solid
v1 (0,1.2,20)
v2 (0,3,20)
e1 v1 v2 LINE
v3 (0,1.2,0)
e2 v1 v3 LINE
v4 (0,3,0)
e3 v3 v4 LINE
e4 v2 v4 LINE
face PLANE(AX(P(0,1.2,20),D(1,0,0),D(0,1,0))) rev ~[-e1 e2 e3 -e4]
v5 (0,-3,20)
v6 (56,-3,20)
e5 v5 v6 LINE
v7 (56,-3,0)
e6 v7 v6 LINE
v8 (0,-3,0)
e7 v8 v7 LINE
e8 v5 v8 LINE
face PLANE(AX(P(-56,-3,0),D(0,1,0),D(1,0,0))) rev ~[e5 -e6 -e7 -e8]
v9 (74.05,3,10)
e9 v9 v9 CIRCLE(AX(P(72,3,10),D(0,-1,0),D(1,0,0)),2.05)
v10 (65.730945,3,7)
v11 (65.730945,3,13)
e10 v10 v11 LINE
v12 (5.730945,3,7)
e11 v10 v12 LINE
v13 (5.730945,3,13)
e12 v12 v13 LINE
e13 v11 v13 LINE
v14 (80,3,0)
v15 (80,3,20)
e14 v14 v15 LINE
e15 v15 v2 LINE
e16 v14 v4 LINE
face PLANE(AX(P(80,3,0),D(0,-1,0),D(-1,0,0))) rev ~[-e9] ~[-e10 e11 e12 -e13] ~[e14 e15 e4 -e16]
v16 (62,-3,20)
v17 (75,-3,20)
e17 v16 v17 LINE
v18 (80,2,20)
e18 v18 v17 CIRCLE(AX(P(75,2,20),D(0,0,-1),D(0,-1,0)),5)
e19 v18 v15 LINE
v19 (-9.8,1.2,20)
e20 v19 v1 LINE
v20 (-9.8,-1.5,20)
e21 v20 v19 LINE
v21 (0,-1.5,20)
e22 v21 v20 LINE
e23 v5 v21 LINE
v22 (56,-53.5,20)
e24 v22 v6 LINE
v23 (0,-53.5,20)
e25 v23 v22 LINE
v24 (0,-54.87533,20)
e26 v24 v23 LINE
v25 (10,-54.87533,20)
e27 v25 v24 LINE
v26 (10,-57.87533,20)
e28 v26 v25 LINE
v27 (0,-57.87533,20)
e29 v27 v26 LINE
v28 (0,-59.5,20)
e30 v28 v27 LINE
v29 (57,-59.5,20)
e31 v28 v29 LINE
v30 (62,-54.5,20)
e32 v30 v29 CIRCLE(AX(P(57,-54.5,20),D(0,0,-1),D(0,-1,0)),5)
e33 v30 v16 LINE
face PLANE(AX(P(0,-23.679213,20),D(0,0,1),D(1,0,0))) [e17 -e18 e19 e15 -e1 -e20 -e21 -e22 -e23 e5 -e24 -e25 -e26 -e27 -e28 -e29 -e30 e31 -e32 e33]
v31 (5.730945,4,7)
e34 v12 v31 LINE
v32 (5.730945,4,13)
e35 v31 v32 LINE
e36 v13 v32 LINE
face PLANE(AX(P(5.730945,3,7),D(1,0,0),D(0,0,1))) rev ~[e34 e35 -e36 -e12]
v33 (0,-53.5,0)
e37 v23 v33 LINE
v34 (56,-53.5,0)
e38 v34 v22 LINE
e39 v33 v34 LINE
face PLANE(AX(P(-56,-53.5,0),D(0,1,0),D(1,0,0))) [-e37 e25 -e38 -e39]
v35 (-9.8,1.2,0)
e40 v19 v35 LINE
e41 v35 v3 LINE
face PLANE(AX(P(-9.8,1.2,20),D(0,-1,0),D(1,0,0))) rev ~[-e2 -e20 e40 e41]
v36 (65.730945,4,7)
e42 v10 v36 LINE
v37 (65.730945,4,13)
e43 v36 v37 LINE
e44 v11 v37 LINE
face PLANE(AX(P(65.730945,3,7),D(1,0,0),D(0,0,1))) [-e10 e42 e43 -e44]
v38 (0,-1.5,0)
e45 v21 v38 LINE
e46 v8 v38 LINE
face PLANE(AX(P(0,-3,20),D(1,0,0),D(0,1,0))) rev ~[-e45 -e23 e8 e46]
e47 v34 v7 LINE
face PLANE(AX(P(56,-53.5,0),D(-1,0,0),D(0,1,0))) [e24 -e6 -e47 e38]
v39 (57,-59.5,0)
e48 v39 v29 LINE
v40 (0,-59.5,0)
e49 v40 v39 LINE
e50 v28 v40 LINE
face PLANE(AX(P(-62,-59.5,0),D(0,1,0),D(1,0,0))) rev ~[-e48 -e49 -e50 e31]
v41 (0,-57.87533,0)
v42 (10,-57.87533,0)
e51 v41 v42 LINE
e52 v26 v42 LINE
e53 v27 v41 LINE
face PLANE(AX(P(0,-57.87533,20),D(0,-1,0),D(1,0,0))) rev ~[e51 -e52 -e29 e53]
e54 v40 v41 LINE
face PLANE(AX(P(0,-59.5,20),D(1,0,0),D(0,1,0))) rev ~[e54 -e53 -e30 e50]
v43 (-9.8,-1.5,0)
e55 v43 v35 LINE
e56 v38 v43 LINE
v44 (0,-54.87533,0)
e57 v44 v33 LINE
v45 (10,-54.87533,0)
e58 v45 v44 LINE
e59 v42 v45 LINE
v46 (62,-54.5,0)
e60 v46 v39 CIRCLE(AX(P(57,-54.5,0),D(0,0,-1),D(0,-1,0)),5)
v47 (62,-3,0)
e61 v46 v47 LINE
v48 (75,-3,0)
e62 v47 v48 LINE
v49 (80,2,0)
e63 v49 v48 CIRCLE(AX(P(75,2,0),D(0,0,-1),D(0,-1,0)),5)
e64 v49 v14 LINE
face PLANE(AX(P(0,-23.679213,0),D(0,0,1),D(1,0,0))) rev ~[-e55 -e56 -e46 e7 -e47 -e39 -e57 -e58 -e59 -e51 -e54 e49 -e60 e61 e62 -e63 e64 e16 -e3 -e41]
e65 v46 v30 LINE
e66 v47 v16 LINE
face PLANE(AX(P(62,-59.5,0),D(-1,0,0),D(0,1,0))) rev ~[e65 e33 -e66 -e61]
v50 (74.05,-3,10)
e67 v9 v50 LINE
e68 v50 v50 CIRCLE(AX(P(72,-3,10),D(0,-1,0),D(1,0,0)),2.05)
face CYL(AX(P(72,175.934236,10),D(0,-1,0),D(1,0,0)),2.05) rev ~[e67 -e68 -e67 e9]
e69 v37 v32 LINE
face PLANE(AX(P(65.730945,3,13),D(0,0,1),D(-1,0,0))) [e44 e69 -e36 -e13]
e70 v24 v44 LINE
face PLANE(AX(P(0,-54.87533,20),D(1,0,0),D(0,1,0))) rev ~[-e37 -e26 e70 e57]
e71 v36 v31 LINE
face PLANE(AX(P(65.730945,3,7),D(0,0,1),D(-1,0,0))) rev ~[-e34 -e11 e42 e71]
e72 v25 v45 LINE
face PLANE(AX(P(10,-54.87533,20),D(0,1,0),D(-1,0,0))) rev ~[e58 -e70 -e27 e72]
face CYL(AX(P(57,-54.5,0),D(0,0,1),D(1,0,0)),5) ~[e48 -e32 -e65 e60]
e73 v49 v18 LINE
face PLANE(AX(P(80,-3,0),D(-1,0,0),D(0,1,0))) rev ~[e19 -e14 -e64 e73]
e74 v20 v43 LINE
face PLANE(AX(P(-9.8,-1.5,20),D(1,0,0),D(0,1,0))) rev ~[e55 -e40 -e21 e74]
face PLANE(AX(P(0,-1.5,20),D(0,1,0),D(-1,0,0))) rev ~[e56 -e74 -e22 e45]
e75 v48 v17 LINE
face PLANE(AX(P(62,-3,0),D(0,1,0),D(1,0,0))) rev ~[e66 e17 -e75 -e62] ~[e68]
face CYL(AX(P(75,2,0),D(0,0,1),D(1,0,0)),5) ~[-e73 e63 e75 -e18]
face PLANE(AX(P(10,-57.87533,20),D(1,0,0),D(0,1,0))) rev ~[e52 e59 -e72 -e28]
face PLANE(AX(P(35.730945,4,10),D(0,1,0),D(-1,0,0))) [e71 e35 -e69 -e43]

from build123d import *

# Parameters (mm, degrees)
F0_W     = 112
F0_H     = 50.5
F1_DEPTH = 20
F2_R     = 5
F4_D     = 4.1
F6_DEPTH = 20
F7_W     = 60
F7_H     = 6
F8_DEPTH = 1


with BuildPart() as f1:
    # F0 (on Top) → F1 (new body)
    with BuildSketch(Plane.XY):
        Polygon((80, 3), (-80, 3), (-80, -3), (-62, -3), (-62, -59.5), (62, -59.5), (62, -3), (80, -3), align=None)
        with Locations((0, -28.25)):
            Rectangle(F0_W, F0_H, mode=Mode.SUBTRACT)
    extrude(amount=F1_DEPTH)

    # F2
    f2_edges = [f1.edges().sort_by_distance(p)[0] for p in [
        (62, -59.5, 10),
        (-62, -59.5, 10),
        (-80, -3, 10),
        (80, -3, 10),
    ]]
    fillet(f2_edges, radius=F2_R)

    # F4 (through all)
    with Locations(Plane(origin=(0, 3, 0), x_dir=(-1, 0, 0), z_dir=(0, 1, 0))):
        with Locations((-72, 10), (72, 10)):
            Hole(F4_D / 2)

    # F5 (on face) → F6 (cut, through all)
    with BuildSketch(Plane.XY.offset(20)):
        with BuildLine():
            Line((10, -57.87533), (10, -54.87533))
            Line((10, -54.87533), (0, -54.87533))
            Line((0, -54.87533), (0, -53.5))
            Line((0, -53.5), (-56, -53.5))
            Line((-56, -53.5), (-56, -3))
            Line((-56, -3), (0, -3))
            Line((0, -3), (0, -1.5))
            Line((0, -1.5), (-9.8, -1.5))
            Line((-9.8, -1.5), (-9.8, 1.2))
            Line((-9.8, 1.2), (0, 1.2))
            Line((0, 1.2), (0, 3))
            Line((0, 3), (-80, 3))
            Line((-80, 3), (-80, 2))
            ThreePointArc((-80, 2), (-78.535534, -1.535534), (-75, -3))
            Line((-75, -3), (-62, -3))
            Line((-62, -3), (-62, -54.5))
            ThreePointArc((-62, -54.5), (-60.535534, -58.035534), (-57, -59.5))
            Line((-57, -59.5), (0, -59.5))
            Line((0, -59.5), (0, -57.87533))
            Line((0, -57.87533), (10, -57.87533))
        make_face()
    extrude(amount=-F6_DEPTH, mode=Mode.SUBTRACT)

    # F7 (on face) → F8 (join)
    with BuildSketch(Plane(origin=(0, 3, 0), x_dir=(-1, 0, 0), z_dir=(0, 1, 0))):
        with Locations((-35.730945, 10)):
            Rectangle(F7_W, F7_H)
    extrude(amount=F8_DEPTH)


solid = f1.part
